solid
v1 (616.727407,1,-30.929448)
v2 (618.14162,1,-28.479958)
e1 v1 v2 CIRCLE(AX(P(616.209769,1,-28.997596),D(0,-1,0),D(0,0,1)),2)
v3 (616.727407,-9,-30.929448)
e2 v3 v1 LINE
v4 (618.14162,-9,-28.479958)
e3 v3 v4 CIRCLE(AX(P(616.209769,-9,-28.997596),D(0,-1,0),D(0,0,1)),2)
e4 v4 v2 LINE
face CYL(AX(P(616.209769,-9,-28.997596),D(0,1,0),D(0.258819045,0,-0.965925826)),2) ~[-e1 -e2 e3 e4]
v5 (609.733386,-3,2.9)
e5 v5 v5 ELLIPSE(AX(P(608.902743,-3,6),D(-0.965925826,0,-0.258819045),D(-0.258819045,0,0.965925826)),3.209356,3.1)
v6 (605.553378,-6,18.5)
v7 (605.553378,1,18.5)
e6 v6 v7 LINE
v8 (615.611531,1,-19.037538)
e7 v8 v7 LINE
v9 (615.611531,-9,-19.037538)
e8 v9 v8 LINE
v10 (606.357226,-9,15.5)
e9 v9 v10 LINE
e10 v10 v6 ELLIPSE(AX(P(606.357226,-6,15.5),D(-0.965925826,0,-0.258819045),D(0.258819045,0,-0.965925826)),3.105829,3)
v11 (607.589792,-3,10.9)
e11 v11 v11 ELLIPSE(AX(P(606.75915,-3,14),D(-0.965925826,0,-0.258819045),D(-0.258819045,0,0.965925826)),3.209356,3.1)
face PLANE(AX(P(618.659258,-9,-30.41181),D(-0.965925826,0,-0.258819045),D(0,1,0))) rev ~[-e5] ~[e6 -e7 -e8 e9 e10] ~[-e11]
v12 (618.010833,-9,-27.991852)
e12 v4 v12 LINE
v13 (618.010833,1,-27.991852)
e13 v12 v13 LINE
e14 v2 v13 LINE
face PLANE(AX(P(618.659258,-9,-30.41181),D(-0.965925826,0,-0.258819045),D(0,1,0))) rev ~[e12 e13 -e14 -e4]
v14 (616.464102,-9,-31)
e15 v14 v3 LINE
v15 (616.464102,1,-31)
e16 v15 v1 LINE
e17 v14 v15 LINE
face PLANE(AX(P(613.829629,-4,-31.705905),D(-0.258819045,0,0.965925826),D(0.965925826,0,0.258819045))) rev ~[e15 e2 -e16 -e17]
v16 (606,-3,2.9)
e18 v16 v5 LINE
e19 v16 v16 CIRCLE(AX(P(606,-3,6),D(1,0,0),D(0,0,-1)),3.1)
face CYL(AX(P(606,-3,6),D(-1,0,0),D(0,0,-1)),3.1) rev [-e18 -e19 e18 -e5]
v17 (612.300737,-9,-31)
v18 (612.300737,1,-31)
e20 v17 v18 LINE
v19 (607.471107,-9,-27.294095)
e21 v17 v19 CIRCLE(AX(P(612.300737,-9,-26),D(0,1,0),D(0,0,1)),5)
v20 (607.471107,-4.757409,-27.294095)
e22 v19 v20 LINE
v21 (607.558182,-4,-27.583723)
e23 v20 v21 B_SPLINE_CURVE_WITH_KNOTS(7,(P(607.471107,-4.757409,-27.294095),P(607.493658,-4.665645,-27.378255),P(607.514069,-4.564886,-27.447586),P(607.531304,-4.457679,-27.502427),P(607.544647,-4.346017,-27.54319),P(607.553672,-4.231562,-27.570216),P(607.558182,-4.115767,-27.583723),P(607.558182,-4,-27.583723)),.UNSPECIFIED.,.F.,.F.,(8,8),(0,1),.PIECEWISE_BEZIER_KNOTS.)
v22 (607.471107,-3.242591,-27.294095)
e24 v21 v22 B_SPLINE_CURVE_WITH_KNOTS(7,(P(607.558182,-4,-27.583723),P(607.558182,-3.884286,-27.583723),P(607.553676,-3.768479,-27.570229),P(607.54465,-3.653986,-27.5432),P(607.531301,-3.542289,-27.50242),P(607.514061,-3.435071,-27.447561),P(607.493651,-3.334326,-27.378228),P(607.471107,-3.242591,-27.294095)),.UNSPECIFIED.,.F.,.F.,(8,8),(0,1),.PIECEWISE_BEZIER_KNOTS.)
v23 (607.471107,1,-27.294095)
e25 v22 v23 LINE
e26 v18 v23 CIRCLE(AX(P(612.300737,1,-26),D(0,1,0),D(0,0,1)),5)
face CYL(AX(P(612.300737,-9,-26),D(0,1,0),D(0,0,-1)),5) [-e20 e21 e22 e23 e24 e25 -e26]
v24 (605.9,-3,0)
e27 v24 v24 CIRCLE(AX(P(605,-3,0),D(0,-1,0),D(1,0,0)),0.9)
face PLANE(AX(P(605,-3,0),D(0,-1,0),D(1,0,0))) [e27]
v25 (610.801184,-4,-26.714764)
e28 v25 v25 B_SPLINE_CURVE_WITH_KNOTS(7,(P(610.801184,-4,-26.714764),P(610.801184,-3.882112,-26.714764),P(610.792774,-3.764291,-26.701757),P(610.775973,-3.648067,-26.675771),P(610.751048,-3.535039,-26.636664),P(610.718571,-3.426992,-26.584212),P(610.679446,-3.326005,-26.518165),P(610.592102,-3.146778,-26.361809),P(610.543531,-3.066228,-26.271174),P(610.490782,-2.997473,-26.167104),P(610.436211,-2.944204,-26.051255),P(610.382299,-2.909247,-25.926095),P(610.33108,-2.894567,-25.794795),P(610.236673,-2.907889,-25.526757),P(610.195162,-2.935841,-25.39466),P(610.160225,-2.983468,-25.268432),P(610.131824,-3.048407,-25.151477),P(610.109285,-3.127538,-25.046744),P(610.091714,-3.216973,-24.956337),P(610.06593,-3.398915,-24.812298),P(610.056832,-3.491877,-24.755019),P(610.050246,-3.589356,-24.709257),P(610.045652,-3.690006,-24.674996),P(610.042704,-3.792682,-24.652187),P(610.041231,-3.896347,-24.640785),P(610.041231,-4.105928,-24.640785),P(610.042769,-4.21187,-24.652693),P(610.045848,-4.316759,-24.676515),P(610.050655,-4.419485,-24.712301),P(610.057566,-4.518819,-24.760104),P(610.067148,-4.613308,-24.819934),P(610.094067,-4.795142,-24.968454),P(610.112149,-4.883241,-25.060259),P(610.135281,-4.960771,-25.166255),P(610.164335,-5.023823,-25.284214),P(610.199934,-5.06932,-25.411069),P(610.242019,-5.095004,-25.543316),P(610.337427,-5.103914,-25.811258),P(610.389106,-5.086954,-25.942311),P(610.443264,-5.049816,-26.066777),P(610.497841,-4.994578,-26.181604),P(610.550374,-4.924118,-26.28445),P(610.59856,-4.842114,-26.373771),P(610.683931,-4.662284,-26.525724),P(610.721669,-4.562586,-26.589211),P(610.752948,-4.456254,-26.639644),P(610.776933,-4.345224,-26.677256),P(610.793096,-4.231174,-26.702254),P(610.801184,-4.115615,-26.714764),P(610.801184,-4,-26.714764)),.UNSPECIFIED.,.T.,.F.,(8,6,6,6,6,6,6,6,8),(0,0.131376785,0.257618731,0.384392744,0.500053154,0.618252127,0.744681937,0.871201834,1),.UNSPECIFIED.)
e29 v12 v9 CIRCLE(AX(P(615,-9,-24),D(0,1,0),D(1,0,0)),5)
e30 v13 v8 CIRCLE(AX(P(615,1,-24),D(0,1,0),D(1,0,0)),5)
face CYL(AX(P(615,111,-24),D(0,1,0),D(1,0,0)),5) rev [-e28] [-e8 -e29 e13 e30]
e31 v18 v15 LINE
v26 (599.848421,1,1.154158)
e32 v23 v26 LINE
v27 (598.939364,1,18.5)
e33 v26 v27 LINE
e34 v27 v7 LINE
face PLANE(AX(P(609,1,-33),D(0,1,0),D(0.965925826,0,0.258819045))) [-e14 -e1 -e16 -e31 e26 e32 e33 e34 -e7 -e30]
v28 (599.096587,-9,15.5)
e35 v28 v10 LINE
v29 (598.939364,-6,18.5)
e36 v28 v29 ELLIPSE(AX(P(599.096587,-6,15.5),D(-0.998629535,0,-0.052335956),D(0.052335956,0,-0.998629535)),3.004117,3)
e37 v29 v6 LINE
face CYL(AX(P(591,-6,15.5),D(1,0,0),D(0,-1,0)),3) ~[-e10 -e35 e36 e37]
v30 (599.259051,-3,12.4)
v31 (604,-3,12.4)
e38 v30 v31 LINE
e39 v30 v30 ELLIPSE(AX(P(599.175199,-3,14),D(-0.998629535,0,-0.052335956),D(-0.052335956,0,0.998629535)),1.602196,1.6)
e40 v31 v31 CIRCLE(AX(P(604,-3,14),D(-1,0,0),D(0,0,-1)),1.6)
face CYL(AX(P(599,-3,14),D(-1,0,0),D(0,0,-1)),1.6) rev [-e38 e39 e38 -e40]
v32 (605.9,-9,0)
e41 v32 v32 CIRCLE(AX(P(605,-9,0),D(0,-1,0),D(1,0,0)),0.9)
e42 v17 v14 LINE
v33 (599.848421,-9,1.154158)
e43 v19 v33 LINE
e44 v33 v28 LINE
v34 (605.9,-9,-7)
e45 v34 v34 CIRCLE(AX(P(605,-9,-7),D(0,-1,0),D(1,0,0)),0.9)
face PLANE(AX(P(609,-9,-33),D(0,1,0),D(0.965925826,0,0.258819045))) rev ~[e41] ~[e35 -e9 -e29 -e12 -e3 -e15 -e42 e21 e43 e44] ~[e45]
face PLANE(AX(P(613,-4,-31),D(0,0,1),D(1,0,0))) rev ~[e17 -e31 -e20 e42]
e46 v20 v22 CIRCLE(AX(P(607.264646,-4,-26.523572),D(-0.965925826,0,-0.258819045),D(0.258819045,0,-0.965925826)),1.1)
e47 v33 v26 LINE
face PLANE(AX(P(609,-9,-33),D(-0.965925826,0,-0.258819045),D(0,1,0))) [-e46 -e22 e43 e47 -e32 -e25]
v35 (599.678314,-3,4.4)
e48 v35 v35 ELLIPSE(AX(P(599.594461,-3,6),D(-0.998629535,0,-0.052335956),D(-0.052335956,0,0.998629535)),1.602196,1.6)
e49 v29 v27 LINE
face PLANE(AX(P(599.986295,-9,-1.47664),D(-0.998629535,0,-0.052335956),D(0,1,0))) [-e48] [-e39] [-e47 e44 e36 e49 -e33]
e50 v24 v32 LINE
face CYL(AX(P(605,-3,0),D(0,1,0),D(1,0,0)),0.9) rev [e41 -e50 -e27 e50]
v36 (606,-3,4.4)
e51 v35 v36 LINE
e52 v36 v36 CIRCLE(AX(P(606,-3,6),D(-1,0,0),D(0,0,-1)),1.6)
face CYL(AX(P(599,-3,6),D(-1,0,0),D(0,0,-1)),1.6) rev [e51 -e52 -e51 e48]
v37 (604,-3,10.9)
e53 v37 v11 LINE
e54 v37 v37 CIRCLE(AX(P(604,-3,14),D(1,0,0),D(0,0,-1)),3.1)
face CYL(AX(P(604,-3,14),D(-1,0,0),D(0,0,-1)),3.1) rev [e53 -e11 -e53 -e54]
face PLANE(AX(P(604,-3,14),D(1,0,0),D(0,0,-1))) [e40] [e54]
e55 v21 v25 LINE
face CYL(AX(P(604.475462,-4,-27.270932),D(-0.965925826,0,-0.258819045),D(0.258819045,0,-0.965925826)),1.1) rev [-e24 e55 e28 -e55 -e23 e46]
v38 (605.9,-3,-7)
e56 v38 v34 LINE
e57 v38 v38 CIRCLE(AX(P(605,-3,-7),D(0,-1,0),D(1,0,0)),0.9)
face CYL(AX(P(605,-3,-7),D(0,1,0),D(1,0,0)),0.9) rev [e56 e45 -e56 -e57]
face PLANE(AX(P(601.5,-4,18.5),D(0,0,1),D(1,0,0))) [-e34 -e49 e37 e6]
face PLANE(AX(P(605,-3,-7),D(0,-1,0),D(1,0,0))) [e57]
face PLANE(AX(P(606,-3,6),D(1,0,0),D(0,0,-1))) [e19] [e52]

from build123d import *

# Parameters (mm, degrees)
CYLINDER167_R               = 0.9
CYLINDER167_DEPTH           = 6
CYLINDER168_R               = 0.9
CYLINDER168_DEPTH           = 6
CYLINDER166_R               = 1.1
CYLINDER166_DEPTH           = 10
CYLINDER166_PLACEMENT_ANGLE = 75
CYLINDER165_R               = 3.1
CYLINDER165_DEPTH           = 4
CYLINDER163_R               = 1.6
CYLINDER163_DEPTH           = 10
CYLINDER164_R               = 3.1
CYLINDER164_DEPTH           = 4
CYLINDER162_R               = 1.6
CYLINDER162_DEPTH           = 10
CYLINDER160_R               = 5
CYLINDER160_DEPTH           = 180
BOX077_W                    = 20
BOX077_H                    = 10
BOX077_DEPTH                = 10
BOX076_W                    = 21
BOX076_H                    = 10
BOX076_DEPTH                = 10
FILLET039_R                 = 3
BOX074_W                    = 21
BOX074_H                    = 10
BOX074_DEPTH                = 10
BOX073_W                    = 10
BOX073_H                    = 10
BOX073_DEPTH                = 25
BOX073_PLACEMENT_ANGLE      = 3
BOX075_W                    = 10
BOX075_H                    = 10
BOX075_DEPTH                = 54
BOX075_PLACEMENT_ANGLE      = 15
FILLET040_R                 = 2
FILLET041_R                 = 5


with BuildPart() as cylinder167:
    # Cylinder167 → Cylinder167 (new body)
    with BuildSketch(Plane(origin=(605, 11, -7), x_dir=(1, 0, 0), z_dir=(0, -1, 0))):
        Circle(CYLINDER167_R)
    extrude(amount=CYLINDER167_DEPTH)


with BuildPart() as fusion145:
    # Cylinder168 → Cylinder168 (new body)
    with BuildSketch(Plane(origin=(605, 11, 0), x_dir=(1, 0, 0), z_dir=(0, -1, 0))):
        Circle(CYLINDER168_R)
    extrude(amount=CYLINDER168_DEPTH)

    # Fusion145: union Cylinder167
    add(cylinder167.part)


with BuildPart() as fusion145_1:
    # Fusion145 placement: moved
    add(fusion145.part.moved(Location((0, -4, 0))))


with BuildPart() as cylinder166:
    # Cylinder166 → Cylinder166 (new body)
    with BuildSketch(Plane.XY):
        Circle(CYLINDER166_R)
    extrude(amount=CYLINDER166_DEPTH)


with BuildPart() as cylinder166_1:
    # Cylinder166 placement: moved
    add(cylinder166.part.moved(Location((604.475462, 6, -27.270932))).rotate(Axis((604.475462, 6, -27.270932), (0, 1, 0)), CYLINDER166_PLACEMENT_ANGLE))


with BuildPart() as cylinder165:
    # Cylinder165 → Cylinder165 (new body)
    with BuildSketch(Plane(origin=(606, 7, 6), x_dir=(0, 0, -1), z_dir=(1, 0, 0))):
        Circle(CYLINDER165_R)
    extrude(amount=CYLINDER165_DEPTH)


with BuildPart() as cylinder163:
    # Cylinder163 → Cylinder163 (new body)
    with BuildSketch(Plane(origin=(599, 7, 6), x_dir=(0, 0, -1), z_dir=(1, 0, 0))):
        Circle(CYLINDER163_R)
    extrude(amount=CYLINDER163_DEPTH)


with BuildPart() as cylinder164:
    # Cylinder164 → Cylinder164 (new body)
    with BuildSketch(Plane(origin=(604, 7, 14), x_dir=(0, 0, -1), z_dir=(1, 0, 0))):
        Circle(CYLINDER164_R)
    extrude(amount=CYLINDER164_DEPTH)


with BuildPart() as fusion144:
    # Cylinder162 → Cylinder162 (new body)
    with BuildSketch(Plane(origin=(599, 7, 14), x_dir=(0, 0, -1), z_dir=(1, 0, 0))):
        Circle(CYLINDER162_R)
    extrude(amount=CYLINDER162_DEPTH)

    # Fusion144: union Cylinder165, Cylinder163, Cylinder164
    add(cylinder165.part)
    add(cylinder163.part)
    add(cylinder164.part)


with BuildPart() as cylinder160:
    # Cylinder160 → Cylinder160 (new body)
    with BuildSketch(Plane(origin=(615, 121, -24), x_dir=(1, 0, 0), z_dir=(0, -1, 0))):
        Circle(CYLINDER160_R)
    extrude(amount=CYLINDER160_DEPTH)


with BuildPart() as box077:
    # Box077 → Box077 (new body)
    with BuildSketch(Plane(origin=(603, 1, -41), x_dir=(1, 0, 0), z_dir=(0, 0, 1))):
        with Locations((10, 5)):
            Rectangle(BOX077_W, BOX077_H)
    extrude(amount=BOX077_DEPTH)


with BuildPart() as fillet039:
    # Box076 → Box076 (new body)
    with BuildSketch(Plane(origin=(591, 1, 8.5), x_dir=(1, 0, 0), z_dir=(0, 0, 1))):
        with Locations((10.5, 5)):
            Rectangle(BOX076_W, BOX076_H)
    extrude(amount=BOX076_DEPTH)

    # Fillet039
    fillet039_edges = [fillet039.edges().sort_by_distance(p)[0] for p in [
        (601.5, 1, 18.5),
    ]]
    fillet(fillet039_edges, radius=FILLET039_R)


with BuildPart() as cut088:
    # Box074 → Box074 (new body)
    with BuildSketch(Plane(origin=(591, 1, 15.5), x_dir=(1, 0, 0), z_dir=(0, 0, 1))):
        with Locations((10.5, 5)):
            Rectangle(BOX074_W, BOX074_H)
    extrude(amount=BOX074_DEPTH)

    # Cut088: cut Fillet039
    add(fillet039.part, mode=Mode.SUBTRACT)


with BuildPart() as fusion143:
    # Box073 → Box073 (new body)
    with BuildSketch(Plane.XY):
        with Locations((5, 5)):
            Rectangle(BOX073_W, BOX073_H)
    extrude(amount=BOX073_DEPTH)


with BuildPart() as fusion143_1:
    # Box073 placement: moved
    add(fusion143.part.moved(Location((590, 1, -2))).rotate(Axis((590, 1, -2), (0, -1, 0)), BOX073_PLACEMENT_ANGLE))

    # Fusion143: union Cut088
    add(cut088.part)


with BuildPart() as left_bumper_holder:
    # Box075 → Box075 (new body)
    with BuildSketch(Plane.XY):
        with Locations((5, 5)):
            Rectangle(BOX075_W, BOX075_H)
    extrude(amount=BOX075_DEPTH)


with BuildPart() as left_bumper_holder_1:
    # Box075 placement: moved
    add(left_bumper_holder.part.moved(Location((609, 1, -33))).rotate(Axis((609, 1, -33), (0, -1, 0)), BOX075_PLACEMENT_ANGLE))

    # Cut089: cut Fusion143
    add(fusion143_1.part, mode=Mode.SUBTRACT)

    # Cut090: cut Box077
    add(box077.part, mode=Mode.SUBTRACT)

    # Fillet040
    fillet040_edges = [left_bumper_holder_1.edges().sort_by_distance(p)[0] for p in [
        (618.659258, 6, -30.41181),
    ]]
    fillet(fillet040_edges, radius=FILLET040_R)

    # Fillet041
    fillet041_edges = [left_bumper_holder_1.edges().sort_by_distance(p)[0] for p in [
        (608.464102, 6, -31),
    ]]
    fillet(fillet041_edges, radius=FILLET041_R)

    # Cut091: cut Cylinder160
    add(cylinder160.part, mode=Mode.SUBTRACT)

    # Cut092: cut Fusion144
    add(fusion144.part, mode=Mode.SUBTRACT)

    # Cut093: cut Cylinder166
    add(cylinder166_1.part, mode=Mode.SUBTRACT)

    # Cut094: cut Fusion145
    add(fusion145_1.part, mode=Mode.SUBTRACT)


with BuildPart() as left_bumper_holder_2:
    # Cut094 placement: moved
    add(left_bumper_holder_1.part.moved(Location((0, -10, 0))))


solid = left_bumper_holder_2.part
